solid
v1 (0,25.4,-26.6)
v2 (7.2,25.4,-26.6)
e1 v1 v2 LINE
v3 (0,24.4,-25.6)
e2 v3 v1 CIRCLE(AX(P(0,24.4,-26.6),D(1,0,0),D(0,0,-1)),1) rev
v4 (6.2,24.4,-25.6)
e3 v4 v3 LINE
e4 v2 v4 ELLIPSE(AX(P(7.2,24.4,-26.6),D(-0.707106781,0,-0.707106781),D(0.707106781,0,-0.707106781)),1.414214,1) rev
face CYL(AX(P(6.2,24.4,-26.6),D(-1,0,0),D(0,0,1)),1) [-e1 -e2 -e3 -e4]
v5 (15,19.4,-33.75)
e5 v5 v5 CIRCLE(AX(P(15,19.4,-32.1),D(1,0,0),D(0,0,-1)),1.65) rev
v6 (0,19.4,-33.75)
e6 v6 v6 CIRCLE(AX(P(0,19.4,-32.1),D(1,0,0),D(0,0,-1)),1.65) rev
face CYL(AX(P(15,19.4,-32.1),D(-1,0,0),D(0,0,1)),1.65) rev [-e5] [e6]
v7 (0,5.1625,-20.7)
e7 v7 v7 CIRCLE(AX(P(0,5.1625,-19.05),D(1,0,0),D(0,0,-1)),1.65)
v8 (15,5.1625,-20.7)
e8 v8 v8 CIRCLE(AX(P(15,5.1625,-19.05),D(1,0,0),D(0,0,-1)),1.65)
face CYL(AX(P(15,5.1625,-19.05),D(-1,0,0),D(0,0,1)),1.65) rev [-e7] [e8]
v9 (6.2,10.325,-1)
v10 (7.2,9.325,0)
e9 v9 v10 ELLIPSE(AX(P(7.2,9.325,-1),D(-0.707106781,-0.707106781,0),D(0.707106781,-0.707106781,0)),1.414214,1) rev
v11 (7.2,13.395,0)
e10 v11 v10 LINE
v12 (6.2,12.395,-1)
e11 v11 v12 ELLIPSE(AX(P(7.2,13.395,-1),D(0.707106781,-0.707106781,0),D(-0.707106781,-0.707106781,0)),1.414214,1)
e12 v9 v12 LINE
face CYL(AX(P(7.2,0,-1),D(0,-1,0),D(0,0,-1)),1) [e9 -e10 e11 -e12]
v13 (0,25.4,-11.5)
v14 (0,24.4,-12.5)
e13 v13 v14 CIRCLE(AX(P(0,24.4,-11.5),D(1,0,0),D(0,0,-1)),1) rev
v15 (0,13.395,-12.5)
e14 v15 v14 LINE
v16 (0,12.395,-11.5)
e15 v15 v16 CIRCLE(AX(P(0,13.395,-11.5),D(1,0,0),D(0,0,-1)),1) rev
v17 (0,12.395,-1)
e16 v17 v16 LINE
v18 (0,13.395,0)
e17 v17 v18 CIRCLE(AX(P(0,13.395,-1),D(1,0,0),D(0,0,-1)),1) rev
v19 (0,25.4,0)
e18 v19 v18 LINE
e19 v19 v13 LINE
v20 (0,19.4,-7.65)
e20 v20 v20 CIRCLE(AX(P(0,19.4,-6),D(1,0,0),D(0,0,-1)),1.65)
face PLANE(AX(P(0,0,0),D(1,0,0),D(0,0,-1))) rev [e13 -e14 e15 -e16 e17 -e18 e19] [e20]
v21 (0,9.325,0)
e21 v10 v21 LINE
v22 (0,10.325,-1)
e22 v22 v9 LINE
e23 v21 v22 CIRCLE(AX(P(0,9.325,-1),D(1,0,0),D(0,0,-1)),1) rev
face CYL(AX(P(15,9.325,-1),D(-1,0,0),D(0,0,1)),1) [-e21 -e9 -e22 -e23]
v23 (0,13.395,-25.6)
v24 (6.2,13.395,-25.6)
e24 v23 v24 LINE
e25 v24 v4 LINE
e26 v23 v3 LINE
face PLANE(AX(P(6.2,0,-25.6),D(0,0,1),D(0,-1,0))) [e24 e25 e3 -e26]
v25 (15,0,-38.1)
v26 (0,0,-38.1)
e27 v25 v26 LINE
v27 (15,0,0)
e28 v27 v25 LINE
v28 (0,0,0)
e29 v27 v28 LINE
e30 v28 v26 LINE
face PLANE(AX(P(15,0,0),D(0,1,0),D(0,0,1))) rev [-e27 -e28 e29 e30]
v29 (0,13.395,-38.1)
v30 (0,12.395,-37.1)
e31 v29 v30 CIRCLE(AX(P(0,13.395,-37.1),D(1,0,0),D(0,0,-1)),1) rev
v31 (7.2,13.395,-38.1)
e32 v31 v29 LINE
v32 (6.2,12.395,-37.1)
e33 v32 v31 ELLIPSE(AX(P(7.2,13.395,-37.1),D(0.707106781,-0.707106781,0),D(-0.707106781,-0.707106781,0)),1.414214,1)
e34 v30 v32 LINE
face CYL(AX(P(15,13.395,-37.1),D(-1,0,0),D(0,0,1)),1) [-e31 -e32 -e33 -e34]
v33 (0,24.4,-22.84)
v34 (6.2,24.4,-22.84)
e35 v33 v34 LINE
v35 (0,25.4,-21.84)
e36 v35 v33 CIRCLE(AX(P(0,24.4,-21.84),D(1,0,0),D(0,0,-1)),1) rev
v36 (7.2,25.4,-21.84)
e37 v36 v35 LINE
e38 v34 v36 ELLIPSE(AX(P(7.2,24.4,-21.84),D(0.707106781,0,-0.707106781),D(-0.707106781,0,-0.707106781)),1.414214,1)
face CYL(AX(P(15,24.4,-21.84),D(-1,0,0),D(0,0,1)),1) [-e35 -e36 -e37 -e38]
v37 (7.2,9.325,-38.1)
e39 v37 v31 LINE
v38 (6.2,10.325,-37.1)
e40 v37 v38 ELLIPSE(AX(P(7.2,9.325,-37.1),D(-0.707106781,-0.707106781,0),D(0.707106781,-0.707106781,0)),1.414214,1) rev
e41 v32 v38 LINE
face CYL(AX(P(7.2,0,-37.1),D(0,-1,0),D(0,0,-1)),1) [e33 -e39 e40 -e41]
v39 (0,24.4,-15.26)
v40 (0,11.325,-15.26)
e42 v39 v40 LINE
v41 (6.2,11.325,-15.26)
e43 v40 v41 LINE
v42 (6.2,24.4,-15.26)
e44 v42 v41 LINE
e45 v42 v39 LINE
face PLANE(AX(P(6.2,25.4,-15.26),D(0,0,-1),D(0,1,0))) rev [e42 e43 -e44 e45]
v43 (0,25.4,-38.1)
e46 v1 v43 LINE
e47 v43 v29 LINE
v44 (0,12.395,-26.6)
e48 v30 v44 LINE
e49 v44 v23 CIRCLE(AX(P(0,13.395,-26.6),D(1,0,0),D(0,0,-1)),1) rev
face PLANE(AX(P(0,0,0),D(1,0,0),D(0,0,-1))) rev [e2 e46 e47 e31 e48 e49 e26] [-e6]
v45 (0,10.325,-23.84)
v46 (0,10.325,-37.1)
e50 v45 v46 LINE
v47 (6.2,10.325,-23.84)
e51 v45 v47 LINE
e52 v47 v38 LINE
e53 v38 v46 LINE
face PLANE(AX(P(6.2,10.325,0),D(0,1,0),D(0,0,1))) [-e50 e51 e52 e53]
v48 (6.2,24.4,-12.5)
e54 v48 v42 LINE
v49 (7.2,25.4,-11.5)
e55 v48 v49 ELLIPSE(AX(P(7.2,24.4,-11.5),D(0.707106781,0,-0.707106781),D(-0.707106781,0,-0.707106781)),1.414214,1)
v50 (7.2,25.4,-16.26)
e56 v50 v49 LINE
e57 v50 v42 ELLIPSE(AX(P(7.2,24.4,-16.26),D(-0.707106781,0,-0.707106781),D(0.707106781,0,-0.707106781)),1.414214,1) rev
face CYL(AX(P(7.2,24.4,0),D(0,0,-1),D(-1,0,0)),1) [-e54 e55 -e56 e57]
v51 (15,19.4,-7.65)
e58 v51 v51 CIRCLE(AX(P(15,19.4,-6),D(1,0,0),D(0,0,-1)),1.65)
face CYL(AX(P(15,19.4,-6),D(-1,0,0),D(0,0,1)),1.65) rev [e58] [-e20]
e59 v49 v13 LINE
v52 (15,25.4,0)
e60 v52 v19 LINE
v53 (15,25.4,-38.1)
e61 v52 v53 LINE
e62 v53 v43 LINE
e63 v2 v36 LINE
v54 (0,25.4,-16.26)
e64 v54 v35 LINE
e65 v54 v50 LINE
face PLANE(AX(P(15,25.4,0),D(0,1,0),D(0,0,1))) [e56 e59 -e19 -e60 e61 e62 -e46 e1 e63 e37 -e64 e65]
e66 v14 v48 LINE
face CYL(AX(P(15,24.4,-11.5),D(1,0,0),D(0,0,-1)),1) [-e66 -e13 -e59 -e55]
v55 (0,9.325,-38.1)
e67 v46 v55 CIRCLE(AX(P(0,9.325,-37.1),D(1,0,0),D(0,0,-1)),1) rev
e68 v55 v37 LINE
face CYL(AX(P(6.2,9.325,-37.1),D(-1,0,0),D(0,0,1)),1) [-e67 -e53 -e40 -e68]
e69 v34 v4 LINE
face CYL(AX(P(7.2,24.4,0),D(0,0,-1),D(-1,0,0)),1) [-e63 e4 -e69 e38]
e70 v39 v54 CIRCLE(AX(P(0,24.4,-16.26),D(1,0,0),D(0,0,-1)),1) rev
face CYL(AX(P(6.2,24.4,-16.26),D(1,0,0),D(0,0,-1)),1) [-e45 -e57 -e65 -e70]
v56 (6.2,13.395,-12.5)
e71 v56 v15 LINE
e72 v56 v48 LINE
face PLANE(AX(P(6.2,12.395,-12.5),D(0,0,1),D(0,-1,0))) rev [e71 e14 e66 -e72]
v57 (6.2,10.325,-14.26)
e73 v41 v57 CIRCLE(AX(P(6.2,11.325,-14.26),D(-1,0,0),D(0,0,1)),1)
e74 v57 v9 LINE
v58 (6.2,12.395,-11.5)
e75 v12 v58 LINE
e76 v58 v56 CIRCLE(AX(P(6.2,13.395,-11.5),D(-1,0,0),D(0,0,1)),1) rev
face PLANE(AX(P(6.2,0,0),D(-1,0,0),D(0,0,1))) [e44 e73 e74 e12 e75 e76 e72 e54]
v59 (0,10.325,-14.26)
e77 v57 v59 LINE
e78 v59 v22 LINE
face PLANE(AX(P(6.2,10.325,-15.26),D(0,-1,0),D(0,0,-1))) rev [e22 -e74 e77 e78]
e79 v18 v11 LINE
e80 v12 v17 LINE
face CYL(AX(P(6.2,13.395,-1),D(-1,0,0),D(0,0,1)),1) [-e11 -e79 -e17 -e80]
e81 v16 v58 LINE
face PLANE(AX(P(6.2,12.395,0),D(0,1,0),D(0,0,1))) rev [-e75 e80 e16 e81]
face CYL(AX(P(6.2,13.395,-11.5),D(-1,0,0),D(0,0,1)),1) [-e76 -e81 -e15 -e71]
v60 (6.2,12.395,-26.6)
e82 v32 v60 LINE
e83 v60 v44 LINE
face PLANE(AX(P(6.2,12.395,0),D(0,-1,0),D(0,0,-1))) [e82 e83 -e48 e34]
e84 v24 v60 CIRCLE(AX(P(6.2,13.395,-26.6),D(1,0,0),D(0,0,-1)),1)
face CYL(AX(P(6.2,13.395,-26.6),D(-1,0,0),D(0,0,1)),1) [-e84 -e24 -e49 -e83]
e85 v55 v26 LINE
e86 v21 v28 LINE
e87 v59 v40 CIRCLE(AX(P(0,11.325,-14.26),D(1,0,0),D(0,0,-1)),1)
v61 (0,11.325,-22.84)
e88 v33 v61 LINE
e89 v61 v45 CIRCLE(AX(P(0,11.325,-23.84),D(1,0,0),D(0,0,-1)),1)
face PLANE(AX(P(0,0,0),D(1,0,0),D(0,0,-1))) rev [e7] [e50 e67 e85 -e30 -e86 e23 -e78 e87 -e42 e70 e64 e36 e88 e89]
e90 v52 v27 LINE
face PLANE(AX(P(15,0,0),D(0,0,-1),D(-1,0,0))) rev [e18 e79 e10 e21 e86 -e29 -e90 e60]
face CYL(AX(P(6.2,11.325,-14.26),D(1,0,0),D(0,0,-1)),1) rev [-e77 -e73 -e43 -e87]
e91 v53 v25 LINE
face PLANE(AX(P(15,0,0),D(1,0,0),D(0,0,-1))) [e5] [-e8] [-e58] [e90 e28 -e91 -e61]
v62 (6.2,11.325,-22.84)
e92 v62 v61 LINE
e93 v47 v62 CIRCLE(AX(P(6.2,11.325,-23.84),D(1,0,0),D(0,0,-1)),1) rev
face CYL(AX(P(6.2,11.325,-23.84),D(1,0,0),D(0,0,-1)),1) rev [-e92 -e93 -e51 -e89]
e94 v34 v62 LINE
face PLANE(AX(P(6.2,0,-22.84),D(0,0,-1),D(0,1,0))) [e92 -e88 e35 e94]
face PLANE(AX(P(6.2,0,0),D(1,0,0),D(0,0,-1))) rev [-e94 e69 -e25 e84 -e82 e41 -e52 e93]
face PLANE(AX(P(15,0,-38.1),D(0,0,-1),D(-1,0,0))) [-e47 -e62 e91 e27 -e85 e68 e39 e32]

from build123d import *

# Parameters (mm, degrees)
SKETCH1_W           = 38.1
SKETCH1_H           = 25.4
SKETCH1_R           = 1.65
BOSS_EXTRUDE2_DEPTH = 15
CUT_EXTRUDE1_DEPTH  = 6.2
FILLET1_R           = 1


with BuildPart() as part:
    # Sketch1 → Boss-Extrude2 (new body)
    with BuildSketch(Plane(origin=(0, 0, 0), x_dir=(0, 0, -1), z_dir=(1, 0, 0))):
        with Locations((19.05, 12.7)):
            Rectangle(SKETCH1_W, SKETCH1_H)
        with Locations((6, 19.4)):
            Circle(SKETCH1_R, mode=Mode.SUBTRACT)
        with Locations((19.05, 5.1625)):
            Circle(SKETCH1_R, mode=Mode.SUBTRACT)
        with Locations((32.1, 19.4)):
            Circle(SKETCH1_R, mode=Mode.SUBTRACT)
    extrude(amount=BOSS_EXTRUDE2_DEPTH)

    # Sketch1<9> → Cut-Extrude1 (cut)
    with BuildSketch(Plane(origin=(0, 0, 0), x_dir=(0, 0, -1), z_dir=(1, 0, 0))):
        Polygon((12.5, 12.395), (0, 12.395), (0, 10.325), (15.26, 10.325), (15.26, 25.4), (12.5, 25.4), align=None)
        Polygon((25.6, 25.4), (22.84, 25.4), (22.84, 10.325), (38.1, 10.325), (38.1, 12.395), (25.6, 12.395), align=None)
    extrude(amount=CUT_EXTRUDE1_DEPTH, mode=Mode.SUBTRACT)

    # Fillet1
    fillet1_edges = [part.edges().sort_by_distance(p)[0] for p in [
        (6.2, 25.4, -24.22),
        (6.2, 25.4, -13.88),
        (6.2, 11.36, -38.1),
        (6.2, 11.36, 0),
        (3.1, 25.4, -25.6),
        (3.1, 25.4, -22.84),
        (3.1, 25.4, -12.5),
        (3.1, 25.4, -15.26),
        (3.1, 10.325, 0),
        (3.1, 12.395, 0),
        (3.1, 12.395, -12.5),
        (3.1, 10.325, -15.26),
        (3.1, 10.325, -22.84),
        (3.1, 12.395, -25.6),
        (3.1, 10.325, -38.1),
        (3.1, 12.395, -38.1),
    ]]
    fillet(fillet1_edges, radius=FILLET1_R)


solid = part.part
